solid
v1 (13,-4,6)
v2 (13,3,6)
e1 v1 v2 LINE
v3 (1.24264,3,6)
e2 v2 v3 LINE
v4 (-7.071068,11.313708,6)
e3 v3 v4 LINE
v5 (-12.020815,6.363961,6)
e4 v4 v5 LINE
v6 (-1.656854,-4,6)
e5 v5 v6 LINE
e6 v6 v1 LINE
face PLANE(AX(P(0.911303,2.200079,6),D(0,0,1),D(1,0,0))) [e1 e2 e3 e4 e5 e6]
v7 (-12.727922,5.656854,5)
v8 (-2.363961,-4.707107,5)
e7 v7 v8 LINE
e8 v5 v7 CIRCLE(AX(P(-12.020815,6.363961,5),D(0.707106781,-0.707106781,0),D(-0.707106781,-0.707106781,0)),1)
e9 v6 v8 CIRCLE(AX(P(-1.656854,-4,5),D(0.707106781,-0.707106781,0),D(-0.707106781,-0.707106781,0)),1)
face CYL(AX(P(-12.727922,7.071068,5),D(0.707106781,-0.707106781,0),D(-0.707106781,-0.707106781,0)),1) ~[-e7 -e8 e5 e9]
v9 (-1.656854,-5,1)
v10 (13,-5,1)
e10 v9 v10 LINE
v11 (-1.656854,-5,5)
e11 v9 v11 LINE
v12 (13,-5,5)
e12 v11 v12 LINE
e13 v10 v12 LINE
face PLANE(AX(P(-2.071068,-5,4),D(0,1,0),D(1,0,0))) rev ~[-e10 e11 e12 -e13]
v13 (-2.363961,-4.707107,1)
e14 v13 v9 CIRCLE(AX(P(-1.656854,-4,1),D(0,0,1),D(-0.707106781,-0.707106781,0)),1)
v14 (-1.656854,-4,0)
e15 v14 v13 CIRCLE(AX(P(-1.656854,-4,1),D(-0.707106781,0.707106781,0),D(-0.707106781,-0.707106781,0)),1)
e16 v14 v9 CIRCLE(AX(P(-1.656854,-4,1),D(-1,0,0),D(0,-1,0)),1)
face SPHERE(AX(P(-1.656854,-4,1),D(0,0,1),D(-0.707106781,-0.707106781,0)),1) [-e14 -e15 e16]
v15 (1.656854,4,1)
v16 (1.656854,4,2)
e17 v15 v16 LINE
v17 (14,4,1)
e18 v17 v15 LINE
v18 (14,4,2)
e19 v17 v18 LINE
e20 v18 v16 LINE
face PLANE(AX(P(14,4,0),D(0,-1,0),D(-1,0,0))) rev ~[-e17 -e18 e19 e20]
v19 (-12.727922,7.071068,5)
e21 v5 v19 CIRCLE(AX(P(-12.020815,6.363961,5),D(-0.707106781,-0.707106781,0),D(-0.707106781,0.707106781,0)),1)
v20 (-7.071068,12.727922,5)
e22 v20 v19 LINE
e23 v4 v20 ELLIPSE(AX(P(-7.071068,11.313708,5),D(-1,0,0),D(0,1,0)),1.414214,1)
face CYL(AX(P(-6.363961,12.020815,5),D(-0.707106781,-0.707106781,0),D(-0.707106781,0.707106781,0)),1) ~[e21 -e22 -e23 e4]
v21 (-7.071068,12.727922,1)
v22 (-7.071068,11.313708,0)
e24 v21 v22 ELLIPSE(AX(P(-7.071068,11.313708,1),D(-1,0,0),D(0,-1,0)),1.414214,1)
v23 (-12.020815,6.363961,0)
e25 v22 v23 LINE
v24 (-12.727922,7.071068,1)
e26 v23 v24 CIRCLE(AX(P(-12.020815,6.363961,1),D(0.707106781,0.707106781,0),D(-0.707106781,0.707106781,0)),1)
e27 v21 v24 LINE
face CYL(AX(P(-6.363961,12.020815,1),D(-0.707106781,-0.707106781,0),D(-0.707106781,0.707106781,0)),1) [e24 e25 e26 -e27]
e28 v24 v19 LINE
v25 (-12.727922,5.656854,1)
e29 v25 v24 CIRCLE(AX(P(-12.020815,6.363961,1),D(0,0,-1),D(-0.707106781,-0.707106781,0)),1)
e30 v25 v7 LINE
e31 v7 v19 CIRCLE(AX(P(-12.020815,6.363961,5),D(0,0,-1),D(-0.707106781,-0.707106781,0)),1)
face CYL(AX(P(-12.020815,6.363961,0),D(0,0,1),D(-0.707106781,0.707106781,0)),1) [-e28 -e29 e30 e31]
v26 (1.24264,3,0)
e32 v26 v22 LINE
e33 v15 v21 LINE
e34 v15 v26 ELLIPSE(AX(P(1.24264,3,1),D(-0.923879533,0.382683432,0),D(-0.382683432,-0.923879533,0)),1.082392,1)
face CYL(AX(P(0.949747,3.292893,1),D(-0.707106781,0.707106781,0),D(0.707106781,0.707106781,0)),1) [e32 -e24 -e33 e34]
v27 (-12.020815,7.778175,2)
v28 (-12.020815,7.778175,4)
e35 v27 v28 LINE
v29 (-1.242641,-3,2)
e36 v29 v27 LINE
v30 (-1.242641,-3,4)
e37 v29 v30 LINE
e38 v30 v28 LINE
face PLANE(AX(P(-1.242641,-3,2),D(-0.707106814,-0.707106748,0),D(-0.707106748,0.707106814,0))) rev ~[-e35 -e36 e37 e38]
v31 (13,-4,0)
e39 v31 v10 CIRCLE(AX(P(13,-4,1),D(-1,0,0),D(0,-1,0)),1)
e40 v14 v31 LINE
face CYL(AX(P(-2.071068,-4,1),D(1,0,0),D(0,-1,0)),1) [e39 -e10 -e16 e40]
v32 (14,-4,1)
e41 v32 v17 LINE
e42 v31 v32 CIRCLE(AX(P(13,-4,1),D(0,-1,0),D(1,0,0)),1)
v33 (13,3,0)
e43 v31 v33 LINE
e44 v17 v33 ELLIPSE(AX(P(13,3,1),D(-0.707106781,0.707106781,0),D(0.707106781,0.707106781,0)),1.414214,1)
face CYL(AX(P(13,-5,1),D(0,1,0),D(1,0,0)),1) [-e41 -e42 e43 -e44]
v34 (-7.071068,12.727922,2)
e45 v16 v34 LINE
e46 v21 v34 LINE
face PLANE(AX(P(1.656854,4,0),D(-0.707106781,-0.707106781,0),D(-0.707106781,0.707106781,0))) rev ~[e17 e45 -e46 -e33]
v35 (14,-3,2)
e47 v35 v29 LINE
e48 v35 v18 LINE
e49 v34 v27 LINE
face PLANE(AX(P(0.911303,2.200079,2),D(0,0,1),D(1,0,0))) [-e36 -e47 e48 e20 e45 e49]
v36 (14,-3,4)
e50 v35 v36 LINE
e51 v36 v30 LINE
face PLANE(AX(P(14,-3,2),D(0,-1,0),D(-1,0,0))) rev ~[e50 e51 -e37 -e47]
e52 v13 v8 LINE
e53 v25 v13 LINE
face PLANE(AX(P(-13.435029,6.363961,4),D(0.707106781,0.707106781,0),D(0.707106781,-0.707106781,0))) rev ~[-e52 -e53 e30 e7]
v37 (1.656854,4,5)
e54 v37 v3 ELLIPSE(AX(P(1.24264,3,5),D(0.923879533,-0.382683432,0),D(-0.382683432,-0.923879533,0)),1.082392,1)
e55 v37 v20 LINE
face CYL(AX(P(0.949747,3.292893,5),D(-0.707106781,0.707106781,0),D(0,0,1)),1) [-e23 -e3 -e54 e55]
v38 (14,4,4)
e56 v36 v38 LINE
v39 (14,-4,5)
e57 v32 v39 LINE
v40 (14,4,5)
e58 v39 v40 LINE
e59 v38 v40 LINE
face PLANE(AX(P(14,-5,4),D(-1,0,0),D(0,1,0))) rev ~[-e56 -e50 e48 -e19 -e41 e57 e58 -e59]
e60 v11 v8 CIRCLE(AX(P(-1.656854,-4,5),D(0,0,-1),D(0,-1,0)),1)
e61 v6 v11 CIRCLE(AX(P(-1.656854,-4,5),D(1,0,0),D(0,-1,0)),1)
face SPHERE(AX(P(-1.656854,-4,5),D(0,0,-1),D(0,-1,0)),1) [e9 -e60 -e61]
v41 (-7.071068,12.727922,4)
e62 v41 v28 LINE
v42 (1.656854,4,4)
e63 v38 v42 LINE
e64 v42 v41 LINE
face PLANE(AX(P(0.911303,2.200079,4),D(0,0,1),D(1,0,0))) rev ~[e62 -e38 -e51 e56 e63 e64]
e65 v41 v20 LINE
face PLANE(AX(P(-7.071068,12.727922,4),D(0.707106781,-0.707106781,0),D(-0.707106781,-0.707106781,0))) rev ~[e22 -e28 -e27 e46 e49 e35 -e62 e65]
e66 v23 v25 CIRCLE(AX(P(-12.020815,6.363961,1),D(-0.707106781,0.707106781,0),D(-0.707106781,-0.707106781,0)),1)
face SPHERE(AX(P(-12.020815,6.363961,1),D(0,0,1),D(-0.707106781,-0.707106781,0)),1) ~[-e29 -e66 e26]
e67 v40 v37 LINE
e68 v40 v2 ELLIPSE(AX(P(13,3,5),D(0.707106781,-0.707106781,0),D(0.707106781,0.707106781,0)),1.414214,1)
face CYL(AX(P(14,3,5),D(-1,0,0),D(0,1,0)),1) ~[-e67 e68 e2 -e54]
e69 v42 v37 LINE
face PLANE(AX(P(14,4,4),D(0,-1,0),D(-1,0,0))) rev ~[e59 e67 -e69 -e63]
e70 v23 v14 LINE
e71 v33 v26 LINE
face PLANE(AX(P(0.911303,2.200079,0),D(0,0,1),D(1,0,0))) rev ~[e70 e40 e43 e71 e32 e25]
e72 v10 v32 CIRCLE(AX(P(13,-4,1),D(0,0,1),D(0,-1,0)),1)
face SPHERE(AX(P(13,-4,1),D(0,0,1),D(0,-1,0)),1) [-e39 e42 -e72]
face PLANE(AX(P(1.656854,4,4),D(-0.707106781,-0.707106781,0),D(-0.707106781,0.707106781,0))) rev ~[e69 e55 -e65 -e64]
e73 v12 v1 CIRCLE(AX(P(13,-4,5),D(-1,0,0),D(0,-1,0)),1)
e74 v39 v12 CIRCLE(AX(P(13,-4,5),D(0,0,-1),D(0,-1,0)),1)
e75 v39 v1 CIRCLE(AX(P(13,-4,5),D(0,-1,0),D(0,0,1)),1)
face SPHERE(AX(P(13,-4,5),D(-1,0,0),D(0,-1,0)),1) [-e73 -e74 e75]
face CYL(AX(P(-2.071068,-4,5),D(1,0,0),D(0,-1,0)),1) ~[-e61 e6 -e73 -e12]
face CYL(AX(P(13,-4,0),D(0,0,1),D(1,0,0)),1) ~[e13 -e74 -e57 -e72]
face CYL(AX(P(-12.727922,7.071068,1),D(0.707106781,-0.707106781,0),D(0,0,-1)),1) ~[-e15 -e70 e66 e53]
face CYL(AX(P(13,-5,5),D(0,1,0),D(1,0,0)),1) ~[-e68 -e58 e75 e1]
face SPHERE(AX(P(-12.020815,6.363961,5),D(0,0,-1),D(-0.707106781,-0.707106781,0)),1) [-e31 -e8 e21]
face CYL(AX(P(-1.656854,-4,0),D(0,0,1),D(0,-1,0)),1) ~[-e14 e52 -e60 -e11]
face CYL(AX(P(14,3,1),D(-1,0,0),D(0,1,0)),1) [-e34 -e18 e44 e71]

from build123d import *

# Parameters (mm, degrees)
F1_DEPTH = 2
F3_DEPTH = 2
F5_DEPTH = 2
F6_R     = 1


with BuildPart() as f1:
    # F0 (on Top) → F1 (new body)
    with BuildSketch(Plane.XY):
        Polygon((-13.435029, 6.363961), (-2.071068, -5), (14, -5), (14, 4), (1.656854, 4), (-7.071068, 12.727922), align=None)
    extrude(amount=F1_DEPTH)

    # F2 (on face) → F3 (join)
    with BuildSketch(Plane.XY.offset(2)):
        Polygon((-12.020815, 7.778175), (-13.435029, 6.363961), (-2.071068, -5), (14, -5), (14, -3), (-1.242641, -3), align=None)
    extrude(amount=F3_DEPTH)

    # F4 (on face) → F5 (join)
    with BuildSketch(Plane.XY.offset(4)):
        Polygon((-7.071068, 12.727922), (-12.020815, 7.778175), (-13.435029, 6.363961), (-2.071068, -5), (14, -5), (14, -3), (14, 4), (1.656854, 4), align=None)
    extrude(amount=F5_DEPTH)

    # F6
    f6_edges = [f1.edges().sort_by_distance(p)[0] for p in [
        (-13.435029, 6.363961, 3),
        (-7.753048, 0.681981, 6),
        (-2.071068, -5, 3),
        (-7.753048, 0.681981, 0),
        (5.964466, -5, 6),
        (14, -5, 3),
        (5.964466, -5, 0),
        (-10.253048, 9.545942, 0),
        (14, -0.5, 0),
        (7.828427, 4, 0),
        (-2.707107, 8.363961, 0),
        (14, -0.5, 6),
        (7.828427, 4, 6),
        (-2.707107, 8.363961, 6),
        (-10.253048, 9.545942, 6),
    ]]
    fillet(f6_edges, radius=F6_R)


solid = f1.part
